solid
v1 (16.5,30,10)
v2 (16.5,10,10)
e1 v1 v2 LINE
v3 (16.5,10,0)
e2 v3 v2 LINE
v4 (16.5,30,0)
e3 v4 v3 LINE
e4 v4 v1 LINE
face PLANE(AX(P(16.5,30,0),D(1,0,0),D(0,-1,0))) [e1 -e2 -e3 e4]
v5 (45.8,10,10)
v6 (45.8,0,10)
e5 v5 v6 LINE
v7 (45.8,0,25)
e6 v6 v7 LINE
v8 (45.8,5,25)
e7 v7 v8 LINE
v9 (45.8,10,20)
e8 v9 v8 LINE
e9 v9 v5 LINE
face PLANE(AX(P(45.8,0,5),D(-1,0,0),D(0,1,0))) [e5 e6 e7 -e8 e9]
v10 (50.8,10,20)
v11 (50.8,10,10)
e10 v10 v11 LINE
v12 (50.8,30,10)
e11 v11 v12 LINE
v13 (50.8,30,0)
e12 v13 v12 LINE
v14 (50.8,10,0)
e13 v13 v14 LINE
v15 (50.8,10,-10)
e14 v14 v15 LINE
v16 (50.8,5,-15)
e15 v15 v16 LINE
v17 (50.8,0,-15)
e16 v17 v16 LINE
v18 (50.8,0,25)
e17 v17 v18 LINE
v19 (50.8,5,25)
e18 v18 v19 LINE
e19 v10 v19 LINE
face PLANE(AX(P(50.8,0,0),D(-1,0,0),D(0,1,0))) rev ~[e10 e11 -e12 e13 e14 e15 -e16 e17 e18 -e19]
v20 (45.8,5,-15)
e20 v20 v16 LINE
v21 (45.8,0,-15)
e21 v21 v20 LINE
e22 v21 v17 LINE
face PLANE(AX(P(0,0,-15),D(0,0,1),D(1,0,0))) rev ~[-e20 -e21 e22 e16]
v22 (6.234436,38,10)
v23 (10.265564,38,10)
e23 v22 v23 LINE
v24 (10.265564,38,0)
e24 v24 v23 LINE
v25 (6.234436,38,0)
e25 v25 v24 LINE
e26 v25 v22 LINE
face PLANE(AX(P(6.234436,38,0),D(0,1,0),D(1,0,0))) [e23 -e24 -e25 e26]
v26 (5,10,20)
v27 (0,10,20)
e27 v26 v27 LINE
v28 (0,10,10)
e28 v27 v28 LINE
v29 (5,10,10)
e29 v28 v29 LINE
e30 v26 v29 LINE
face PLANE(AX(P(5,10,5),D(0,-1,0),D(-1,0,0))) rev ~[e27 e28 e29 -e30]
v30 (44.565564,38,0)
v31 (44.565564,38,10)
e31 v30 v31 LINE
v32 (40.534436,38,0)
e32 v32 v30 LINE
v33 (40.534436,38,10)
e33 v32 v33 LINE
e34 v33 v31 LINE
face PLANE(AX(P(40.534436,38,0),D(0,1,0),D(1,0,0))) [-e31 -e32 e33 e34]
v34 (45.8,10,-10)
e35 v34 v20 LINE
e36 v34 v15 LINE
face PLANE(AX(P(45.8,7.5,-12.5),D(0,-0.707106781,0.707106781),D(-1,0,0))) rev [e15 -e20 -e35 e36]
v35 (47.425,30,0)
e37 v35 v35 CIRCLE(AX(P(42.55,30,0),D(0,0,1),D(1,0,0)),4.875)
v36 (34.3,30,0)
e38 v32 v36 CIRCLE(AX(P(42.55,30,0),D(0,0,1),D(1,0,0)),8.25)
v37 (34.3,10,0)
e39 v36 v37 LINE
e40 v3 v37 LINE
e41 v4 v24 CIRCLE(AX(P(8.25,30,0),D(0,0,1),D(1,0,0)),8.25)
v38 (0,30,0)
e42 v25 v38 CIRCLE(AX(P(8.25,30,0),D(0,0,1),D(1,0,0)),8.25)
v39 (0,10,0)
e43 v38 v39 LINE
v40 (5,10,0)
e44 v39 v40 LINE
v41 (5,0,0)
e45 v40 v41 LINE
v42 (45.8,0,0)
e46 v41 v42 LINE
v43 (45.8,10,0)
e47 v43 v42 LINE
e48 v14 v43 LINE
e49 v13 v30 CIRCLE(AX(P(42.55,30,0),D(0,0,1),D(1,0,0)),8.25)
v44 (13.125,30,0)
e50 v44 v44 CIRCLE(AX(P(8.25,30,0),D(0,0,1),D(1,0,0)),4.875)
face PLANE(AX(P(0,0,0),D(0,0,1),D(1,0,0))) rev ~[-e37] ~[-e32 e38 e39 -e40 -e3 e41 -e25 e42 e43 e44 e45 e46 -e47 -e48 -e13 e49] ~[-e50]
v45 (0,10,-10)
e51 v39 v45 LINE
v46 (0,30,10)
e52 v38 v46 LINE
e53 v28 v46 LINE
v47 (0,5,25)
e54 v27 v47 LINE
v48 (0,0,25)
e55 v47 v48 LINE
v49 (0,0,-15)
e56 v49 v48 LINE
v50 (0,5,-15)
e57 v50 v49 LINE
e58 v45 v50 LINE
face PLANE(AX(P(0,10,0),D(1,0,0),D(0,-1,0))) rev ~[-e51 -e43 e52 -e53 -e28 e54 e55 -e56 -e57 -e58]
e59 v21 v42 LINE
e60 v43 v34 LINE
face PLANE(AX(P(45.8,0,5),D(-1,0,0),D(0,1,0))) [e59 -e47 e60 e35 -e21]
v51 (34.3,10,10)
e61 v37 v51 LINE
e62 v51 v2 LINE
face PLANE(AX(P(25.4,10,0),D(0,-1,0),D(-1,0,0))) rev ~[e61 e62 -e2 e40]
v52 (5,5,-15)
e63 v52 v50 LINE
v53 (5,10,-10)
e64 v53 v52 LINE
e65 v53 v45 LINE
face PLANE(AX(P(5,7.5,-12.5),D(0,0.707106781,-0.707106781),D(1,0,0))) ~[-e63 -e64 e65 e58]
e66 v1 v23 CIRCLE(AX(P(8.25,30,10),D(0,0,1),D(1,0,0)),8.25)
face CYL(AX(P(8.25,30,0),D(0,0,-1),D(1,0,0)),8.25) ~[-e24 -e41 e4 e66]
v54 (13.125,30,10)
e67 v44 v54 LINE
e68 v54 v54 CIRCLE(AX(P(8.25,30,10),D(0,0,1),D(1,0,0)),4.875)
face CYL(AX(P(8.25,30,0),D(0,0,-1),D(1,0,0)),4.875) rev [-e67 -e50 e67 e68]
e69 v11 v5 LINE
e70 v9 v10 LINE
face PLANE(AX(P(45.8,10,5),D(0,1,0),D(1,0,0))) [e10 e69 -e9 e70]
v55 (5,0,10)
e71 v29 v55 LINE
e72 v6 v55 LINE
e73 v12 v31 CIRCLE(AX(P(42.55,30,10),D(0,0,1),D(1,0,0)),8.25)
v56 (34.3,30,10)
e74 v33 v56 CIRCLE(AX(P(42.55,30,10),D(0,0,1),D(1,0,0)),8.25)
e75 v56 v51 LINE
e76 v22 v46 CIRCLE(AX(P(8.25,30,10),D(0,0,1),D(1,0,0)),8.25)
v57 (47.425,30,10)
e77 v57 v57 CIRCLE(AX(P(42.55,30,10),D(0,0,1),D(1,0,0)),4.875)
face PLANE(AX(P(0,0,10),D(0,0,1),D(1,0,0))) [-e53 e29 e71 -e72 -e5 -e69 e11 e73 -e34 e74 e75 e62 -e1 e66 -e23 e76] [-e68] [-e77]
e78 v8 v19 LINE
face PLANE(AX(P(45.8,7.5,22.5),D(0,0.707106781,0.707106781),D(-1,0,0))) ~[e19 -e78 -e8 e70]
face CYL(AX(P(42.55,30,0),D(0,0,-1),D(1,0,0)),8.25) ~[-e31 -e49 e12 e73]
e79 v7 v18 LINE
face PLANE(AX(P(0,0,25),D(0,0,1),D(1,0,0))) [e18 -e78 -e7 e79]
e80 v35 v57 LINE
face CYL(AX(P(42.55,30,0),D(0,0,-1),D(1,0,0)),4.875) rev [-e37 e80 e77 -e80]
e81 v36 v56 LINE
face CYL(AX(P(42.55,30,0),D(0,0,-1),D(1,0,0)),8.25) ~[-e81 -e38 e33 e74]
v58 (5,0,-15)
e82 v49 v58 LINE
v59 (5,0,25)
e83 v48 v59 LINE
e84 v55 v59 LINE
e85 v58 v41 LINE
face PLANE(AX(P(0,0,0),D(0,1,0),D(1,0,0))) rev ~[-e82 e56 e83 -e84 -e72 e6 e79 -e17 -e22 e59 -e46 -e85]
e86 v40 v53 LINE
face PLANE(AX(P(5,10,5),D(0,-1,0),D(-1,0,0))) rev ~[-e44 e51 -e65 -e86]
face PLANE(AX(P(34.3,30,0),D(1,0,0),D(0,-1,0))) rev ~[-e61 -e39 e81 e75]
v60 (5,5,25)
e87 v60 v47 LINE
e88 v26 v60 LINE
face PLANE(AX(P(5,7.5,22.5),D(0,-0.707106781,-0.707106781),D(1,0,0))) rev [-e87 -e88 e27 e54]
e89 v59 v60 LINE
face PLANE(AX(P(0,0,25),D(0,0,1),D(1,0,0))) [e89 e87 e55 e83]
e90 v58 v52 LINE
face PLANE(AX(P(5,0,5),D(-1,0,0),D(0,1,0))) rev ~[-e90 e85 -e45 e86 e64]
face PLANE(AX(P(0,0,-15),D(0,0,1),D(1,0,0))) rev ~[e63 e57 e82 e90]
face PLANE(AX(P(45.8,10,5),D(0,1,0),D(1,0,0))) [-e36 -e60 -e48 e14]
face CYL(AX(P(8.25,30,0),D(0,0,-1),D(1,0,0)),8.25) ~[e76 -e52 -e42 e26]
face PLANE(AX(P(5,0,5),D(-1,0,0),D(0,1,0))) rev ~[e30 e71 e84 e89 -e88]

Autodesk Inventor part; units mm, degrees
ref_plane "YZ Plane" through (0, 0, 0) normal (1, 0, 0) x (0, 1, 0)
ref_plane "XZ Plane" through (0, 0, 0) normal (0, 1, 0) x (-1, 0, 0)
sketch "Sketch1" plane through (0, 0, 0) normal (0, 0, 1) x (1, 0, 0)
  line L0 (0, 0) -> (50.8, 0)
  line L1 (50.8, 0) -> (50.8, 10)
  line L2 (0, 10) -> (0, 0)
  circle A0 centre (8.25, 30) radius 4.875
  arc A1 (16.5, 30) -> (0, 30) centre (8.25, 30) ccw
  line L3 (25.4, -5.1734) -> (25.4, 32.937)
  line L4 (0, 30) -> (0, 10)
  line L5 (16.5, 30) -> (16.5, 10)
  line L6 (50.8, 10) -> (16.5, 10)
  line L7 (0, 10) -> (0, 10)
  circle A2 centre (42.55, 30) radius 4.875
  arc A3 (50.8, 30) -> (34.3, 30) centre (42.55, 30) ccw
  line L8 (50.8, 30) -> (50.8, 10)
  line L9 (34.3, 30) -> (34.3, 10)
  line L10 (-14.5687, 38) -> (58.8919, 38)
  line L11 (58.8919, 38) -> (58.8919, 91.2703)
  line L12 (58.8919, 91.2703) -> (-14.5687, 91.2703)
  line L13 (-14.5687, 91.2703) -> (-14.5687, 38)
  point P0 (25.4, 0)
  point P1 (34.3, 10)
  point P2 (44.5656, 38)
  point P3 (40.5344, 38)
  point P4 (10.2656, 38)
  point P5 (6.2344, 38)
  dimension "d0" = 0
  dimension "d1" = 50.8
  dimension "d2" = 8.25
  dimension "d3" = 9.75
  dimension "d4" = 16.5
  dimension "d7" = 10
  dimension "d8" = 0
  dimension "d19" = 20
  dimension "d21" = 28
extrude "Extrusion1" add sketch "Sketch1" along normal blind 10 contours L2 L4 A1 L10 L5 L6 L3 L0 | L3 L6 L1 L0 | L6 L9 A3 L10 L8
ref_plane "Work Plane1" through (0, 0, 5) normal (0, 0, 1) x (1, 0, 0)
sketch "Sketch2" plane through (0, 0, 5) normal (0, 0, 1) x (1, 0, 0)
  line L0 (0, 0) -> (50.8, 0) projected
  line L1 (50.8, 0) -> (50.8, 30) projected
  arc A0 (50.8, 30) -> (44.5656, 38) centre (42.55, 30) ccw projected
  line L2 (34.3, 30) -> (34.3, 10) projected
  line L3 (34.3, 10) -> (16.5, 10) projected
  line L4 (16.5, 10) -> (16.5, 30) projected
  arc A1 (16.5, 30) -> (10.2656, 38) centre (8.25, 30) ccw projected
  line L5 (0, 30) -> (0, 0) projected
  circle A2 centre (42.55, 30) radius 4.875 projected
  circle A3 centre (8.25, 30) radius 4.875 projected
  line L6 (0, 0) -> (5, 0)
  line L7 (5, 0) -> (5, 10)
  line L8 (5, 10) -> (0, 10)
  line L9 (0, 10) -> (0, 0)
  line L10 (50.8, 0) -> (45.8, 0)
  line L11 (45.8, 0) -> (45.8, 10)
  line L12 (45.8, 10) -> (50.8, 10)
  line L13 (50.8, 10) -> (50.8, 0)
  line L14 (44.5656, 38) -> (40.5344, 38) projected
  arc A4 (40.5344, 38) -> (34.3, 30) centre (42.55, 30) ccw projected
  line L15 (10.2656, 38) -> (6.2344, 38) projected
  arc A5 (6.2344, 38) -> (0, 30) centre (8.25, 30) ccw projected
  dimension "d10" = 5
  dimension "d11" = 5
  dimension "d12" = 10
  dimension "d13" = 10
extrude "Extrusion2" add sketch "Sketch2" along normal mid plane 40 contours L5 L8 L7 L0 | L11 L12 L1 L0
chamfer "Chamfer1" distance 5 angle 45 4 edges at (2.5, 10, 25) (48.3, 10, 25) (48.3, 10, -15) (2.5, 10, -15)
equation "\"d2\" = 0.5 * Platform_GuideRod_OD"
equation "\"d4\" = Platform_GuideRod_OD"
equation "\"d7\" = Thick_Wall"
equation "\"d21\" = Sliding_Clearance + Actuator_Housing_W"
equation "\"d5\" = Thick_Wall"
equation "\"d11\" = d10"
equation "\"d12\" = Thick_Wall"
equation "\"d13\" = d12"
equation "\"d16\" = 0.5 * Thick_Wall"
equation "\"Platform_Width\" = 50.8"
equation "\"Platform_Length\" = 245"
equation "\"Guide_Hole_Offset\" = 13.51"
equation "\"Guide_Rod_Diameter\" = 6"
equation "\"Guide_Rod_Length\" = 304.8"
equation "\"Thin_Wall\" = 5"
equation "\"Thick_Wall\" = 10"
equation "\"Tabletop_Hole_Spacing\" = 25.4"
equation "\"Tabletop_Hole_Diameter\" = 6.35"
equation "\"Platform_Hole_Spacing\" = 25.4"
equation "\"Platform_Hole_Diameter\" = 6.35"
equation "\"Actuator_Housing_W\" = 26"
equation "\"Sliding_Clearance\" = 2"
equation "\"Platform_GuideRod_OD\" = 16.5"
equation "\"d9\" = -0.5 * Thick_Wall"
properties part number "Guide Rod Support"
